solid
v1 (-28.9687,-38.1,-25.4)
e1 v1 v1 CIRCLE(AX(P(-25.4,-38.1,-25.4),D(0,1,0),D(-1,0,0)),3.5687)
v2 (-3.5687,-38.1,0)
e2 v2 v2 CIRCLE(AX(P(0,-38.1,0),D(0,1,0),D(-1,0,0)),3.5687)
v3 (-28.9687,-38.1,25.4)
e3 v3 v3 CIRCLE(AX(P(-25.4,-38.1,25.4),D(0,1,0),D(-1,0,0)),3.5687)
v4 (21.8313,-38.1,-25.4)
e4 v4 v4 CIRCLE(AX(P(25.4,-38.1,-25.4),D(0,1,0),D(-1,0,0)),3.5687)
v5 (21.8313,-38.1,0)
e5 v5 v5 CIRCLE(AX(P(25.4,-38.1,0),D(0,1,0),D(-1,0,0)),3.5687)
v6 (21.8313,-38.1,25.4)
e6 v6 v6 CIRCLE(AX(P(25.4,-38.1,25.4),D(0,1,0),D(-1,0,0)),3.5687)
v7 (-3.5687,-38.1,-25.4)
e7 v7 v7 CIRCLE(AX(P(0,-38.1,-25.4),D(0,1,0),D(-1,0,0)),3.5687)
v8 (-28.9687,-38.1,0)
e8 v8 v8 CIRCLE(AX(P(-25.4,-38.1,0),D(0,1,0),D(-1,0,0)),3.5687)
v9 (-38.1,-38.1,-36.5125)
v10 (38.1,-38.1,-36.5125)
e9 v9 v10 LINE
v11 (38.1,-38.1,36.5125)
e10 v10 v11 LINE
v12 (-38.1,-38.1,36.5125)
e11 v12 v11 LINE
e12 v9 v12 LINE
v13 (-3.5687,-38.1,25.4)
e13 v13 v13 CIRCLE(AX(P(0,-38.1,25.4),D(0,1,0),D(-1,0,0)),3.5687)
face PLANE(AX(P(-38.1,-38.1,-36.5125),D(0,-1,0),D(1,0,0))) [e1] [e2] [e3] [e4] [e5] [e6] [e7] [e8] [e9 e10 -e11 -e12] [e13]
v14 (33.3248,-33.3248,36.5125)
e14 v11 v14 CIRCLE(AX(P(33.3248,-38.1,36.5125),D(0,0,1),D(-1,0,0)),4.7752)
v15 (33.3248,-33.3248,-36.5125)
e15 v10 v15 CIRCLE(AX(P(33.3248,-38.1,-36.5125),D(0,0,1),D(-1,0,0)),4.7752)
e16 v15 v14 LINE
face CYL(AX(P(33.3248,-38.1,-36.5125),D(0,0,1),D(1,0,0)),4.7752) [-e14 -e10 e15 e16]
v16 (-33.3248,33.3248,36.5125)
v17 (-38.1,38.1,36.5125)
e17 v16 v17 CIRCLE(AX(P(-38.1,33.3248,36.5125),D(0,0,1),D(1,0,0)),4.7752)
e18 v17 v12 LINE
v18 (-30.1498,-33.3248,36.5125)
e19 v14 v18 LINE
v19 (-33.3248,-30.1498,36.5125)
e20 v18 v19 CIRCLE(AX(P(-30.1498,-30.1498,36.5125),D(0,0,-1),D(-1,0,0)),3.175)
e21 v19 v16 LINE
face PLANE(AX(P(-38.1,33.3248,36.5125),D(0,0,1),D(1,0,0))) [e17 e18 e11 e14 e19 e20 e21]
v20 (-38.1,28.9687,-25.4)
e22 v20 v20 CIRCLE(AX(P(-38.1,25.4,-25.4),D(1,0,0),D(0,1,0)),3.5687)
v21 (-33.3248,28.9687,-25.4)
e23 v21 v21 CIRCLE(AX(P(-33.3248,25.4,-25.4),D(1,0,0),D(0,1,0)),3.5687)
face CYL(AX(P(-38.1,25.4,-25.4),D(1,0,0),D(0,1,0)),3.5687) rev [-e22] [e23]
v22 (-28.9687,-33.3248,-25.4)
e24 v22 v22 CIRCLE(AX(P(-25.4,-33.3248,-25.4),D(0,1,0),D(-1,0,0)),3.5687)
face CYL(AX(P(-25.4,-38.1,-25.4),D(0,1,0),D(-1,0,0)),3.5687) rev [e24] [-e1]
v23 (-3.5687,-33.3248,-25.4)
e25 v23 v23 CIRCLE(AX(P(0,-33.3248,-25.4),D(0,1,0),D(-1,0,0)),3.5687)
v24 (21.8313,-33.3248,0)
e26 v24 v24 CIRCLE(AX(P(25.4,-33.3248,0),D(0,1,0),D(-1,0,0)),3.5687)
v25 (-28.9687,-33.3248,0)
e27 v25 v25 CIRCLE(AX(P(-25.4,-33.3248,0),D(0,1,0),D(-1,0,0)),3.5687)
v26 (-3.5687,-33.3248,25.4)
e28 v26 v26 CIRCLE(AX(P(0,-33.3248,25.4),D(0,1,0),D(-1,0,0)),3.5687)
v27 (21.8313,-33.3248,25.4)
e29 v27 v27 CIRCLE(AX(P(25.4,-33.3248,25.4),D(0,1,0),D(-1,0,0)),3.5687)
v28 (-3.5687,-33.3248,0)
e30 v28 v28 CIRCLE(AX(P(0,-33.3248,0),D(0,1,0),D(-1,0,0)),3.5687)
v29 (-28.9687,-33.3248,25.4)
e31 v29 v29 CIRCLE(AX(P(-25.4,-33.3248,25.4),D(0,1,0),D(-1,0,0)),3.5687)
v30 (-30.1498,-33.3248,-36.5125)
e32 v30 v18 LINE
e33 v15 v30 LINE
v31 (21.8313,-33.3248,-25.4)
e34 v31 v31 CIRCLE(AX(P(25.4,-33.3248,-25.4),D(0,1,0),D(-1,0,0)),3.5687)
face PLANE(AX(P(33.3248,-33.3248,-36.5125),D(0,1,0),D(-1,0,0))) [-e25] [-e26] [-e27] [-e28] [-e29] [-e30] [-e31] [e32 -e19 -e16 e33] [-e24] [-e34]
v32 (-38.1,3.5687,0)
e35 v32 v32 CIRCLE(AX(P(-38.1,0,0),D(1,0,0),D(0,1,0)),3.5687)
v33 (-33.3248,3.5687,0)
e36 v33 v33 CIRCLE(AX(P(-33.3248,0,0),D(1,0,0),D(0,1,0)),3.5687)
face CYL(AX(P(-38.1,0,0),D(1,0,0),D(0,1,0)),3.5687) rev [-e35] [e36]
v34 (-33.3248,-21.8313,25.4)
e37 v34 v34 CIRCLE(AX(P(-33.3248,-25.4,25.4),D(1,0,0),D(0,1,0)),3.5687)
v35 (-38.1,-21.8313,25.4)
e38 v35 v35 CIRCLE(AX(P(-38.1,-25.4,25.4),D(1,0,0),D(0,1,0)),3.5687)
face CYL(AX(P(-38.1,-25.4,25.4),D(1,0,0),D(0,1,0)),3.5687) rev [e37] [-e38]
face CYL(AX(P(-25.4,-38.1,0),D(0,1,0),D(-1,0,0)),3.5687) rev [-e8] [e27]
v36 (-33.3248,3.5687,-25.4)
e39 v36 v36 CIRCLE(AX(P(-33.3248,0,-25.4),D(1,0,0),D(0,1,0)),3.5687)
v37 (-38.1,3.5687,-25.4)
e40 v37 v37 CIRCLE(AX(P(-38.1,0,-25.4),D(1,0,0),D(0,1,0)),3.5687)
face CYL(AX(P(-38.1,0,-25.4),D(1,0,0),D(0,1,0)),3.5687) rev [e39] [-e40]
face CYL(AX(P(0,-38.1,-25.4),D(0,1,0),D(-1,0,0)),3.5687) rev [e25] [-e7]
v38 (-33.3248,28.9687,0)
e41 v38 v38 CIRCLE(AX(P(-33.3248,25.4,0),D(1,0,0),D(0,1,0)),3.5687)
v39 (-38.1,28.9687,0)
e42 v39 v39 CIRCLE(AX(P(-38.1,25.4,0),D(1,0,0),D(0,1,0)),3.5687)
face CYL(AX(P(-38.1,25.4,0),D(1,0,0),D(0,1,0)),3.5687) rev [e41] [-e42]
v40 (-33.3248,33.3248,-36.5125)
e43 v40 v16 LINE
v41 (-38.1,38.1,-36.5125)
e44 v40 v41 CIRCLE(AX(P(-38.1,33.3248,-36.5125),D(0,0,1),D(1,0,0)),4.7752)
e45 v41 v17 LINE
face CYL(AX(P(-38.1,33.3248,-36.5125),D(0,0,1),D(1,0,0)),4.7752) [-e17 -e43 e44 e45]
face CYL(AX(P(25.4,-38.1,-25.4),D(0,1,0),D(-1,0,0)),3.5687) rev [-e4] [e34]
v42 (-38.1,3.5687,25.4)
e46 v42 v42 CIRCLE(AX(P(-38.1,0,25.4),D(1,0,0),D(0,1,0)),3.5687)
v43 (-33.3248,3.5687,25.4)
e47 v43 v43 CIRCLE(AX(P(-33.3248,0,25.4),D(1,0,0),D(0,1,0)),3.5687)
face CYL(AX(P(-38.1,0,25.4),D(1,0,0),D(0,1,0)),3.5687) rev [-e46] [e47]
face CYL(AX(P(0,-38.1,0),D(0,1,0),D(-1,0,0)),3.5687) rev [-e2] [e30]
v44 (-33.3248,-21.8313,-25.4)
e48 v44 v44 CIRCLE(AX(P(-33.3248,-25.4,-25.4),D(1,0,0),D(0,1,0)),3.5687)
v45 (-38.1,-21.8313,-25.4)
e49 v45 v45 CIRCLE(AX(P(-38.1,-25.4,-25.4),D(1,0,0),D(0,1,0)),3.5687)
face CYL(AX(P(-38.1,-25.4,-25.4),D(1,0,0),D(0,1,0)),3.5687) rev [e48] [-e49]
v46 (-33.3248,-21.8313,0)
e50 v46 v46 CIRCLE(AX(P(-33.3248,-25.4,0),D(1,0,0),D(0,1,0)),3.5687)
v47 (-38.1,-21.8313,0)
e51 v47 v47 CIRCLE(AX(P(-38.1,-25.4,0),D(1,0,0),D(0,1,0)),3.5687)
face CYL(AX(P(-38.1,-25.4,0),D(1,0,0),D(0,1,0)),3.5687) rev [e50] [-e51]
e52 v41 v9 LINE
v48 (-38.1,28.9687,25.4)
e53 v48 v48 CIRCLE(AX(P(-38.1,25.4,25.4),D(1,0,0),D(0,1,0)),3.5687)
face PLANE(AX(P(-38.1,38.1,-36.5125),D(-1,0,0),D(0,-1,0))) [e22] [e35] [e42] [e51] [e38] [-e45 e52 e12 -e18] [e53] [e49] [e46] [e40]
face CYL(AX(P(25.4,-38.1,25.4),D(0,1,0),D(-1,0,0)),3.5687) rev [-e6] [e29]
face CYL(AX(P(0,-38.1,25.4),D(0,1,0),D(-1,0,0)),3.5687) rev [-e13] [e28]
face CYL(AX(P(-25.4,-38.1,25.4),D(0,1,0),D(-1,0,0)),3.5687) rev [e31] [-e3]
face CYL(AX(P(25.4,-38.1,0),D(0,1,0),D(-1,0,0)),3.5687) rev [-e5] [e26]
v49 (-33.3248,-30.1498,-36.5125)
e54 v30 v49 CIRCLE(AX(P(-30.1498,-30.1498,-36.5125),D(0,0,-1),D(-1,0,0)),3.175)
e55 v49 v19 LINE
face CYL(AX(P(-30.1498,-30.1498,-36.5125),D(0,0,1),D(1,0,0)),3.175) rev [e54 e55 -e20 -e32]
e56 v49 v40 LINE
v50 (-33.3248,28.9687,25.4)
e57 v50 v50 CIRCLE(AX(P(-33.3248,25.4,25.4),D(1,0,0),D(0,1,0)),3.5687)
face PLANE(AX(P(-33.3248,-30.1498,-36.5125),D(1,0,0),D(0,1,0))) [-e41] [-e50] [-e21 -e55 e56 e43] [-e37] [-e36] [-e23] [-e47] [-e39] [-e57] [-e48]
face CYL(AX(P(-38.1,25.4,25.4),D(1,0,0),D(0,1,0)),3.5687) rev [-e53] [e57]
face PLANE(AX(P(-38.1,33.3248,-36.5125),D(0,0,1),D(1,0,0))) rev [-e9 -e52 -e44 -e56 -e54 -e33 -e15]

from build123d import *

# Parameters (mm, degrees)
BOSS_EXTRUDE1_DEPTH      = 36.5125
BOSS_EXTRUDE1_DEPTH_BACK = 36.5125
SKETCH4_R                = 3.5687
CUT_EXTRUDE1_DEPTH       = 5.7752
SKETCH5_R                = 3.5687
CUT_EXTRUDE2_DEPTH       = 5.7752


with BuildPart() as part:
    # Sketch3 → Boss-Extrude1 (new body, two sides)
    with BuildSketch(Plane.XY) as boss_extrude1_sk:
        with BuildLine():
            Line((-38.1, 38.1), (-38.1, -38.1))
            Line((-38.1, -38.1), (38.1, -38.1))
            ThreePointArc((38.1, -38.1), (36.701376302, -34.723423698), (33.3248, -33.3248))
            Line((33.3248, -33.3248), (-30.1498, -33.3248))
            ThreePointArc((-30.1498, -33.3248), (-32.39486403, -32.39486403), (-33.3248, -30.1498))
            Line((-33.3248, -30.1498), (-33.3248, 33.3248))
            ThreePointArc((-33.3248, 33.3248), (-34.723423698, 36.701376302), (-38.1, 38.1))
        make_face()
    extrude(amount=BOSS_EXTRUDE1_DEPTH)
    extrude(boss_extrude1_sk.sketch, amount=-BOSS_EXTRUDE1_DEPTH_BACK)

    # Sketch4 → Cut-Extrude1 (cut, through all)
    with BuildSketch(Plane(origin=(-33.3248, 0, 0), x_dir=(0, 0, -1), z_dir=(1, 0, 0))):
        with Locations((-25.4, -25.4)):
            Circle(SKETCH4_R)
        with Locations((0, -25.4)):
            Circle(SKETCH4_R)
        with Locations((25.4, -25.4)):
            Circle(SKETCH4_R)
        Circle(SKETCH4_R)
        with Locations((25.4, 0)):
            Circle(SKETCH4_R)
        with Locations((0, 25.4)):
            Circle(SKETCH4_R)
        with Locations((25.4, 25.4)):
            Circle(SKETCH4_R)
        with Locations((-25.4, 0)):
            Circle(SKETCH4_R)
        with Locations((-25.4, 25.4)):
            Circle(SKETCH4_R)
    extrude(amount=-CUT_EXTRUDE1_DEPTH, mode=Mode.SUBTRACT)

    # Sketch5 → Cut-Extrude2 (cut, through all)
    with BuildSketch(Plane(origin=(0, -33.3248, -33.3248), x_dir=(1, 0, 0), z_dir=(0, 1, 0))):
        with Locations((-25.4, -58.7248)):
            Circle(SKETCH5_R)
        with Locations((0, -58.7248)):
            Circle(SKETCH5_R)
        with Locations((25.4, -58.7248)):
            Circle(SKETCH5_R)
        with Locations((0, -33.3248)):
            Circle(SKETCH5_R)
        with Locations((25.4, -33.3248)):
            Circle(SKETCH5_R)
        with Locations((0, -7.9248)):
            Circle(SKETCH5_R)
        with Locations((25.4, -7.9248)):
            Circle(SKETCH5_R)
        with Locations((-25.4, -33.3248)):
            Circle(SKETCH5_R)
        with Locations((-25.4, -7.9248)):
            Circle(SKETCH5_R)
    extrude(amount=-CUT_EXTRUDE2_DEPTH, mode=Mode.SUBTRACT)


solid = part.part
